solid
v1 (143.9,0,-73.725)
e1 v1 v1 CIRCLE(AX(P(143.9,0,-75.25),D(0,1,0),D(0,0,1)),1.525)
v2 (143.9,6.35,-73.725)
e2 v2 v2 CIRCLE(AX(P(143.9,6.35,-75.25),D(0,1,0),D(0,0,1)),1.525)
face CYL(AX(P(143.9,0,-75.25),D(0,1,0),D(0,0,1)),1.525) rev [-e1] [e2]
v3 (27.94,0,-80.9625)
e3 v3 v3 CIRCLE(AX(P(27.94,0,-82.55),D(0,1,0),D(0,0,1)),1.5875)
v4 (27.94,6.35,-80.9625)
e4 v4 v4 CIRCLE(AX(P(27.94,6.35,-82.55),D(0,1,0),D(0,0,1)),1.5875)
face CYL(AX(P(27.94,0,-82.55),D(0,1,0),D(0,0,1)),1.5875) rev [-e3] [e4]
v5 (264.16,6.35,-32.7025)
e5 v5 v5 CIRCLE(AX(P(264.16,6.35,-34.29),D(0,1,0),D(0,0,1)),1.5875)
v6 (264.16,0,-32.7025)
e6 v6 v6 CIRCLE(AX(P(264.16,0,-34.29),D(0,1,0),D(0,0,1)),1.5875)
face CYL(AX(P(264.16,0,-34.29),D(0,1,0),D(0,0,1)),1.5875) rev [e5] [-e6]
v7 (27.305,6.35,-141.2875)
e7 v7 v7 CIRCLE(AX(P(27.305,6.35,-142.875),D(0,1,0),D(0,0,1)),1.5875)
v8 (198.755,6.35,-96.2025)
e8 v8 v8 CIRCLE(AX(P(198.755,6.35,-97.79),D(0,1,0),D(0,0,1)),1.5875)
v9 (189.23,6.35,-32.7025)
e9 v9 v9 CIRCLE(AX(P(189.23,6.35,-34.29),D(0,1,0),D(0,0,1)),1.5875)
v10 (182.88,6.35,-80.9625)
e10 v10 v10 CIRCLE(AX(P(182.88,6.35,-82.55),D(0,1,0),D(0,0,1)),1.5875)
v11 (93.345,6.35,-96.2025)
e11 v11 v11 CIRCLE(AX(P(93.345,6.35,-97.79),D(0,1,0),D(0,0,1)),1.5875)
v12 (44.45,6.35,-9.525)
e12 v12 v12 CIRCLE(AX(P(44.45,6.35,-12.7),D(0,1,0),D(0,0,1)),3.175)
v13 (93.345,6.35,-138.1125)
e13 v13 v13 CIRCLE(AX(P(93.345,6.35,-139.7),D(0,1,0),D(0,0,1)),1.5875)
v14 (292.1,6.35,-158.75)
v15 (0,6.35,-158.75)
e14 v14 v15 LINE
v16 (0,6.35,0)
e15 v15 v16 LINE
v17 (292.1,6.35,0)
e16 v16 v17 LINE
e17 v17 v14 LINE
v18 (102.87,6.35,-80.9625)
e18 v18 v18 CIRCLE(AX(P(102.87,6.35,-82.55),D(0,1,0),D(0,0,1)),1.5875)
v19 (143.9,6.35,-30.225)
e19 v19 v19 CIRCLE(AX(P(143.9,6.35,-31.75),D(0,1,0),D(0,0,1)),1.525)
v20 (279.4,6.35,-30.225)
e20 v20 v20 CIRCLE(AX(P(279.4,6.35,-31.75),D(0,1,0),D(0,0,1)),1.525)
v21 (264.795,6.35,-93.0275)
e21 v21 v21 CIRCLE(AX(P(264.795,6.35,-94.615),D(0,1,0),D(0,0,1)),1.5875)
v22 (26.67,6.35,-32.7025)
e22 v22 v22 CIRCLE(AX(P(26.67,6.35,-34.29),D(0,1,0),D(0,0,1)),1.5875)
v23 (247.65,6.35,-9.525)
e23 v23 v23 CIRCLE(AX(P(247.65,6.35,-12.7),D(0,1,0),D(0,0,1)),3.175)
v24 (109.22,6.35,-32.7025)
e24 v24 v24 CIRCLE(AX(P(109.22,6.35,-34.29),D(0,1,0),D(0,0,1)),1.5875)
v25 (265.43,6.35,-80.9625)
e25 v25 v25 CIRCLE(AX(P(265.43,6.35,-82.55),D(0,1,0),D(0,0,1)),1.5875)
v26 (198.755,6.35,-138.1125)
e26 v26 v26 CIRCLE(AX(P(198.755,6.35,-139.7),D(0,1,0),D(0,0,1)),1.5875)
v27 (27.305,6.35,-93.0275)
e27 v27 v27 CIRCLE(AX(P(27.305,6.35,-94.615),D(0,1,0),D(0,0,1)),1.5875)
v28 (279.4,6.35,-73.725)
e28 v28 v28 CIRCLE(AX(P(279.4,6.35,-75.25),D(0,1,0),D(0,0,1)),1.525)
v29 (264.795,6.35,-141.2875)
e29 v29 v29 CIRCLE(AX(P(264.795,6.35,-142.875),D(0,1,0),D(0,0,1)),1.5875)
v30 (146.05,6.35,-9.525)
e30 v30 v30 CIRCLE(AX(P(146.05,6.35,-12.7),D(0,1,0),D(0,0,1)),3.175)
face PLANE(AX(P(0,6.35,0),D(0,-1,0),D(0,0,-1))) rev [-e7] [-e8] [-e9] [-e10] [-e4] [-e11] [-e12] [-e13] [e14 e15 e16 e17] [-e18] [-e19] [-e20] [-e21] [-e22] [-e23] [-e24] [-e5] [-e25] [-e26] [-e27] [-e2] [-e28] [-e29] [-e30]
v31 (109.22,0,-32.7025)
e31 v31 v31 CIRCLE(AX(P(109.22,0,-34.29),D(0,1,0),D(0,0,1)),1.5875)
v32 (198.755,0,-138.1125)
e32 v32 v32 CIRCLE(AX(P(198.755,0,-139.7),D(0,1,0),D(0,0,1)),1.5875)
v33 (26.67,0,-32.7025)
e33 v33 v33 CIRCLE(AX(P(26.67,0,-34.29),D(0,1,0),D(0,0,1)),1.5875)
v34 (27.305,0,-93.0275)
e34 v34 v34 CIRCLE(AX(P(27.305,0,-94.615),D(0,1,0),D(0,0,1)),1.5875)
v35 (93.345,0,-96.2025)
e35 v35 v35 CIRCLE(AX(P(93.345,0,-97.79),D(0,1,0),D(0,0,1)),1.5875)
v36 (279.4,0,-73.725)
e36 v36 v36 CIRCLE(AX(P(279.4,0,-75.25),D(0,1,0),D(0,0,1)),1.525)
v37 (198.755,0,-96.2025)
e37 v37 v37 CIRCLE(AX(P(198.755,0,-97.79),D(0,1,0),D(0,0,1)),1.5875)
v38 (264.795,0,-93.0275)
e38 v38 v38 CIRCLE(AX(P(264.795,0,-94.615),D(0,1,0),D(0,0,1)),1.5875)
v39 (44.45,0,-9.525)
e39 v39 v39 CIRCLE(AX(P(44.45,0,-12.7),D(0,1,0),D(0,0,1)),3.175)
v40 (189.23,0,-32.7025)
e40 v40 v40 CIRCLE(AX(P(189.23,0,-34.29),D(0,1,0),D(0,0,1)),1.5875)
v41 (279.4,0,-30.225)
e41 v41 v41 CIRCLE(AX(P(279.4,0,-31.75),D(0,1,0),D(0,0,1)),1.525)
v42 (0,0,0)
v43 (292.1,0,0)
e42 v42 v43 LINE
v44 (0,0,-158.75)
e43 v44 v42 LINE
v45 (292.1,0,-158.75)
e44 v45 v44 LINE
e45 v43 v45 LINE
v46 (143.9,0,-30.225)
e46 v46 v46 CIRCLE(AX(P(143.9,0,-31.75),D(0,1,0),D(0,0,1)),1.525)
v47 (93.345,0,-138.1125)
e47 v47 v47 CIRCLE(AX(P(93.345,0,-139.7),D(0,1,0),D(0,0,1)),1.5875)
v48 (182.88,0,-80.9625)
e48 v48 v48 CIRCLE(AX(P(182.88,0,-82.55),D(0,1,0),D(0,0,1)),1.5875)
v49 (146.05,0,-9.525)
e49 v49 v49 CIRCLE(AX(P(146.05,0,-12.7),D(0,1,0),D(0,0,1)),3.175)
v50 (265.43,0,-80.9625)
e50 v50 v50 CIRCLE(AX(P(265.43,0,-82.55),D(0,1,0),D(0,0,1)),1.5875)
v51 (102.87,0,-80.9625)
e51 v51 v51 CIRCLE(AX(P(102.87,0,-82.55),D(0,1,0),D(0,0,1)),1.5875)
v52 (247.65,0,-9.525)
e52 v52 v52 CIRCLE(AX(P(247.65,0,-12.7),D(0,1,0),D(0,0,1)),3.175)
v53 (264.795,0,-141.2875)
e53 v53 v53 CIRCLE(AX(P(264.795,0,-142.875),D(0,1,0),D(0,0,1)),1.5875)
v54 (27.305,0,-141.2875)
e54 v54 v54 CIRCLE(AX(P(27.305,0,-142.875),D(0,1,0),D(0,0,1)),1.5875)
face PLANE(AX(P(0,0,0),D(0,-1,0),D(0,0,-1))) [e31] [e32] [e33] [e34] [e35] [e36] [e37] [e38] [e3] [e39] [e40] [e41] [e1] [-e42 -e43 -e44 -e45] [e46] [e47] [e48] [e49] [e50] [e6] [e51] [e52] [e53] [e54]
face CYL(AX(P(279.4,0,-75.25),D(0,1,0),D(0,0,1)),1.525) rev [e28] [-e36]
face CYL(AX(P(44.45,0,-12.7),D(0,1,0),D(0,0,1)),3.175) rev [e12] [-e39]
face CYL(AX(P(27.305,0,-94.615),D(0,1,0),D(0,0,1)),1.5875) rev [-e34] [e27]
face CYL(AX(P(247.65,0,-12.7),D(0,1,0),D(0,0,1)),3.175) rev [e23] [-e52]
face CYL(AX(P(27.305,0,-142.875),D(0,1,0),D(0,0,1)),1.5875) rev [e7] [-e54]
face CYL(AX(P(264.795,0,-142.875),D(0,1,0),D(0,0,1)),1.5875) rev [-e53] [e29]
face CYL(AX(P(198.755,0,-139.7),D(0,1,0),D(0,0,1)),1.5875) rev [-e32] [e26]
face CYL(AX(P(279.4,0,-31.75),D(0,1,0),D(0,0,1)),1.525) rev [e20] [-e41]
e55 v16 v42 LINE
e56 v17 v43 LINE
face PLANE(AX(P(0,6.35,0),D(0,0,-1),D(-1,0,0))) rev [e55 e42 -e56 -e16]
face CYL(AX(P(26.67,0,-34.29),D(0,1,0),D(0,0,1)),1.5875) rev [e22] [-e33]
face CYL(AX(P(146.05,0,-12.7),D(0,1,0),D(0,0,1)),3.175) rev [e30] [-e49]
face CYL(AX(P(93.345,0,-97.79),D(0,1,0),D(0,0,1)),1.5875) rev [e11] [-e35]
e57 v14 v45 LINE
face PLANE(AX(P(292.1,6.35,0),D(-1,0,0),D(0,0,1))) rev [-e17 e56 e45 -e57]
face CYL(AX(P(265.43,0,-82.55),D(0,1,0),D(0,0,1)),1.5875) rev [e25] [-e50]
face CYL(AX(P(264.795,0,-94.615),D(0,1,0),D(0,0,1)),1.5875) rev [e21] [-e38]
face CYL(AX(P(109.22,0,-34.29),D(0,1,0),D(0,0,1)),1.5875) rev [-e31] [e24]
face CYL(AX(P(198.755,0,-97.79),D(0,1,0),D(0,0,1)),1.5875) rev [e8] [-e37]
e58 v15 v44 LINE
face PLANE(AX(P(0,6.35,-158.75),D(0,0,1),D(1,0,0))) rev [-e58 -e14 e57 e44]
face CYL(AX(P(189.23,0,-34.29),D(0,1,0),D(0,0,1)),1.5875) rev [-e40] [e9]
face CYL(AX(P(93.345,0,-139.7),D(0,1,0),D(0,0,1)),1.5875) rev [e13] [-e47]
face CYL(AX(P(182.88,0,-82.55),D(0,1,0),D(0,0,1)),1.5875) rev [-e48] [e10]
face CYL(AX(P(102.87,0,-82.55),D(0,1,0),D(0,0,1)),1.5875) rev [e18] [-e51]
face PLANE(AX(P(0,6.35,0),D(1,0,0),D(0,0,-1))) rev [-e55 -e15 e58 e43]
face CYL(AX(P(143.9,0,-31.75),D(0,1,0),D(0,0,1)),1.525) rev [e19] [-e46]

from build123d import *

# Parameters (mm, degrees)
SKETCH1_W           = 292.1
SKETCH1_H           = 158.75
BOSS_EXTRUDE1_DEPTH = 6.35
SKETCH2_R           = 3.175
CUT_EXTRUDE2_DEPTH  = 6.35
SKETCH4_R           = 1.5875
CUT_EXTRUDE3_DEPTH  = 7.35
SKETCH5_R           = 1.525
CUT_EXTRUDE4_DEPTH  = 7.35


with BuildPart() as part:
    # Sketch1 → Boss-Extrude1 (new body)
    with BuildSketch(Plane(origin=(0, 0, 0), x_dir=(1, 0, 0), z_dir=(0, 1, 0))):
        with Locations((146.05, 79.375)):
            Rectangle(SKETCH1_W, SKETCH1_H)
    extrude(amount=BOSS_EXTRUDE1_DEPTH)

    # Sketch2 → Cut-Extrude2 (cut)
    with BuildSketch(Plane(origin=(0, 6.35, 0), x_dir=(1, 0, 0), z_dir=(0, 1, 0))):
        with Locations((146.05, 12.7)):
            Circle(SKETCH2_R)
        with Locations((247.65, 12.7)):
            Circle(SKETCH2_R)
        with Locations((44.45, 12.7)):
            Circle(SKETCH2_R)
    extrude(amount=-CUT_EXTRUDE2_DEPTH, mode=Mode.SUBTRACT)

    # Sketch4 → Cut-Extrude3 (cut, through all)
    with BuildSketch(Plane(origin=(0, 6.35, 0), x_dir=(1, 0, 0), z_dir=(0, 1, 0))):
        with Locations((182.88, 82.55)):
            Circle(SKETCH4_R)
        with Locations((189.23, 34.29)):
            Circle(SKETCH4_R)
        with Locations((265.43, 82.55)):
            Circle(SKETCH4_R)
        with Locations((264.16, 34.29)):
            Circle(SKETCH4_R)
        with Locations((264.795, 142.875)):
            Circle(SKETCH4_R)
        with Locations((264.795, 94.615)):
            Circle(SKETCH4_R)
        with Locations((198.755, 97.79)):
            Circle(SKETCH4_R)
        with Locations((198.755, 139.7)):
            Circle(SKETCH4_R)
        with Locations((102.87, 82.55)):
            Circle(SKETCH4_R)
        with Locations((109.22, 34.29)):
            Circle(SKETCH4_R)
        with Locations((26.67, 34.29)):
            Circle(SKETCH4_R)
        with Locations((27.94, 82.55)):
            Circle(SKETCH4_R)
        with Locations((93.345, 139.7)):
            Circle(SKETCH4_R)
        with Locations((93.345, 97.79)):
            Circle(SKETCH4_R)
        with Locations((27.305, 142.875)):
            Circle(SKETCH4_R)
        with Locations((27.305, 94.615)):
            Circle(SKETCH4_R)
    extrude(amount=-CUT_EXTRUDE3_DEPTH, mode=Mode.SUBTRACT)

    # Sketch5 → Cut-Extrude4 (cut, through all)
    with BuildSketch(Plane(origin=(0, 6.35, 0), x_dir=(1, 0, 0), z_dir=(0, 1, 0))):
        with Locations((279.4, 31.75)):
            Circle(SKETCH5_R)
        with Locations((279.4, 75.25)):
            Circle(SKETCH5_R)
        with Locations((143.9, 75.25)):
            Circle(SKETCH5_R)
        with Locations((143.9, 31.75)):
            Circle(SKETCH5_R)
    extrude(amount=-CUT_EXTRUDE4_DEPTH, mode=Mode.SUBTRACT)


solid = part.part
